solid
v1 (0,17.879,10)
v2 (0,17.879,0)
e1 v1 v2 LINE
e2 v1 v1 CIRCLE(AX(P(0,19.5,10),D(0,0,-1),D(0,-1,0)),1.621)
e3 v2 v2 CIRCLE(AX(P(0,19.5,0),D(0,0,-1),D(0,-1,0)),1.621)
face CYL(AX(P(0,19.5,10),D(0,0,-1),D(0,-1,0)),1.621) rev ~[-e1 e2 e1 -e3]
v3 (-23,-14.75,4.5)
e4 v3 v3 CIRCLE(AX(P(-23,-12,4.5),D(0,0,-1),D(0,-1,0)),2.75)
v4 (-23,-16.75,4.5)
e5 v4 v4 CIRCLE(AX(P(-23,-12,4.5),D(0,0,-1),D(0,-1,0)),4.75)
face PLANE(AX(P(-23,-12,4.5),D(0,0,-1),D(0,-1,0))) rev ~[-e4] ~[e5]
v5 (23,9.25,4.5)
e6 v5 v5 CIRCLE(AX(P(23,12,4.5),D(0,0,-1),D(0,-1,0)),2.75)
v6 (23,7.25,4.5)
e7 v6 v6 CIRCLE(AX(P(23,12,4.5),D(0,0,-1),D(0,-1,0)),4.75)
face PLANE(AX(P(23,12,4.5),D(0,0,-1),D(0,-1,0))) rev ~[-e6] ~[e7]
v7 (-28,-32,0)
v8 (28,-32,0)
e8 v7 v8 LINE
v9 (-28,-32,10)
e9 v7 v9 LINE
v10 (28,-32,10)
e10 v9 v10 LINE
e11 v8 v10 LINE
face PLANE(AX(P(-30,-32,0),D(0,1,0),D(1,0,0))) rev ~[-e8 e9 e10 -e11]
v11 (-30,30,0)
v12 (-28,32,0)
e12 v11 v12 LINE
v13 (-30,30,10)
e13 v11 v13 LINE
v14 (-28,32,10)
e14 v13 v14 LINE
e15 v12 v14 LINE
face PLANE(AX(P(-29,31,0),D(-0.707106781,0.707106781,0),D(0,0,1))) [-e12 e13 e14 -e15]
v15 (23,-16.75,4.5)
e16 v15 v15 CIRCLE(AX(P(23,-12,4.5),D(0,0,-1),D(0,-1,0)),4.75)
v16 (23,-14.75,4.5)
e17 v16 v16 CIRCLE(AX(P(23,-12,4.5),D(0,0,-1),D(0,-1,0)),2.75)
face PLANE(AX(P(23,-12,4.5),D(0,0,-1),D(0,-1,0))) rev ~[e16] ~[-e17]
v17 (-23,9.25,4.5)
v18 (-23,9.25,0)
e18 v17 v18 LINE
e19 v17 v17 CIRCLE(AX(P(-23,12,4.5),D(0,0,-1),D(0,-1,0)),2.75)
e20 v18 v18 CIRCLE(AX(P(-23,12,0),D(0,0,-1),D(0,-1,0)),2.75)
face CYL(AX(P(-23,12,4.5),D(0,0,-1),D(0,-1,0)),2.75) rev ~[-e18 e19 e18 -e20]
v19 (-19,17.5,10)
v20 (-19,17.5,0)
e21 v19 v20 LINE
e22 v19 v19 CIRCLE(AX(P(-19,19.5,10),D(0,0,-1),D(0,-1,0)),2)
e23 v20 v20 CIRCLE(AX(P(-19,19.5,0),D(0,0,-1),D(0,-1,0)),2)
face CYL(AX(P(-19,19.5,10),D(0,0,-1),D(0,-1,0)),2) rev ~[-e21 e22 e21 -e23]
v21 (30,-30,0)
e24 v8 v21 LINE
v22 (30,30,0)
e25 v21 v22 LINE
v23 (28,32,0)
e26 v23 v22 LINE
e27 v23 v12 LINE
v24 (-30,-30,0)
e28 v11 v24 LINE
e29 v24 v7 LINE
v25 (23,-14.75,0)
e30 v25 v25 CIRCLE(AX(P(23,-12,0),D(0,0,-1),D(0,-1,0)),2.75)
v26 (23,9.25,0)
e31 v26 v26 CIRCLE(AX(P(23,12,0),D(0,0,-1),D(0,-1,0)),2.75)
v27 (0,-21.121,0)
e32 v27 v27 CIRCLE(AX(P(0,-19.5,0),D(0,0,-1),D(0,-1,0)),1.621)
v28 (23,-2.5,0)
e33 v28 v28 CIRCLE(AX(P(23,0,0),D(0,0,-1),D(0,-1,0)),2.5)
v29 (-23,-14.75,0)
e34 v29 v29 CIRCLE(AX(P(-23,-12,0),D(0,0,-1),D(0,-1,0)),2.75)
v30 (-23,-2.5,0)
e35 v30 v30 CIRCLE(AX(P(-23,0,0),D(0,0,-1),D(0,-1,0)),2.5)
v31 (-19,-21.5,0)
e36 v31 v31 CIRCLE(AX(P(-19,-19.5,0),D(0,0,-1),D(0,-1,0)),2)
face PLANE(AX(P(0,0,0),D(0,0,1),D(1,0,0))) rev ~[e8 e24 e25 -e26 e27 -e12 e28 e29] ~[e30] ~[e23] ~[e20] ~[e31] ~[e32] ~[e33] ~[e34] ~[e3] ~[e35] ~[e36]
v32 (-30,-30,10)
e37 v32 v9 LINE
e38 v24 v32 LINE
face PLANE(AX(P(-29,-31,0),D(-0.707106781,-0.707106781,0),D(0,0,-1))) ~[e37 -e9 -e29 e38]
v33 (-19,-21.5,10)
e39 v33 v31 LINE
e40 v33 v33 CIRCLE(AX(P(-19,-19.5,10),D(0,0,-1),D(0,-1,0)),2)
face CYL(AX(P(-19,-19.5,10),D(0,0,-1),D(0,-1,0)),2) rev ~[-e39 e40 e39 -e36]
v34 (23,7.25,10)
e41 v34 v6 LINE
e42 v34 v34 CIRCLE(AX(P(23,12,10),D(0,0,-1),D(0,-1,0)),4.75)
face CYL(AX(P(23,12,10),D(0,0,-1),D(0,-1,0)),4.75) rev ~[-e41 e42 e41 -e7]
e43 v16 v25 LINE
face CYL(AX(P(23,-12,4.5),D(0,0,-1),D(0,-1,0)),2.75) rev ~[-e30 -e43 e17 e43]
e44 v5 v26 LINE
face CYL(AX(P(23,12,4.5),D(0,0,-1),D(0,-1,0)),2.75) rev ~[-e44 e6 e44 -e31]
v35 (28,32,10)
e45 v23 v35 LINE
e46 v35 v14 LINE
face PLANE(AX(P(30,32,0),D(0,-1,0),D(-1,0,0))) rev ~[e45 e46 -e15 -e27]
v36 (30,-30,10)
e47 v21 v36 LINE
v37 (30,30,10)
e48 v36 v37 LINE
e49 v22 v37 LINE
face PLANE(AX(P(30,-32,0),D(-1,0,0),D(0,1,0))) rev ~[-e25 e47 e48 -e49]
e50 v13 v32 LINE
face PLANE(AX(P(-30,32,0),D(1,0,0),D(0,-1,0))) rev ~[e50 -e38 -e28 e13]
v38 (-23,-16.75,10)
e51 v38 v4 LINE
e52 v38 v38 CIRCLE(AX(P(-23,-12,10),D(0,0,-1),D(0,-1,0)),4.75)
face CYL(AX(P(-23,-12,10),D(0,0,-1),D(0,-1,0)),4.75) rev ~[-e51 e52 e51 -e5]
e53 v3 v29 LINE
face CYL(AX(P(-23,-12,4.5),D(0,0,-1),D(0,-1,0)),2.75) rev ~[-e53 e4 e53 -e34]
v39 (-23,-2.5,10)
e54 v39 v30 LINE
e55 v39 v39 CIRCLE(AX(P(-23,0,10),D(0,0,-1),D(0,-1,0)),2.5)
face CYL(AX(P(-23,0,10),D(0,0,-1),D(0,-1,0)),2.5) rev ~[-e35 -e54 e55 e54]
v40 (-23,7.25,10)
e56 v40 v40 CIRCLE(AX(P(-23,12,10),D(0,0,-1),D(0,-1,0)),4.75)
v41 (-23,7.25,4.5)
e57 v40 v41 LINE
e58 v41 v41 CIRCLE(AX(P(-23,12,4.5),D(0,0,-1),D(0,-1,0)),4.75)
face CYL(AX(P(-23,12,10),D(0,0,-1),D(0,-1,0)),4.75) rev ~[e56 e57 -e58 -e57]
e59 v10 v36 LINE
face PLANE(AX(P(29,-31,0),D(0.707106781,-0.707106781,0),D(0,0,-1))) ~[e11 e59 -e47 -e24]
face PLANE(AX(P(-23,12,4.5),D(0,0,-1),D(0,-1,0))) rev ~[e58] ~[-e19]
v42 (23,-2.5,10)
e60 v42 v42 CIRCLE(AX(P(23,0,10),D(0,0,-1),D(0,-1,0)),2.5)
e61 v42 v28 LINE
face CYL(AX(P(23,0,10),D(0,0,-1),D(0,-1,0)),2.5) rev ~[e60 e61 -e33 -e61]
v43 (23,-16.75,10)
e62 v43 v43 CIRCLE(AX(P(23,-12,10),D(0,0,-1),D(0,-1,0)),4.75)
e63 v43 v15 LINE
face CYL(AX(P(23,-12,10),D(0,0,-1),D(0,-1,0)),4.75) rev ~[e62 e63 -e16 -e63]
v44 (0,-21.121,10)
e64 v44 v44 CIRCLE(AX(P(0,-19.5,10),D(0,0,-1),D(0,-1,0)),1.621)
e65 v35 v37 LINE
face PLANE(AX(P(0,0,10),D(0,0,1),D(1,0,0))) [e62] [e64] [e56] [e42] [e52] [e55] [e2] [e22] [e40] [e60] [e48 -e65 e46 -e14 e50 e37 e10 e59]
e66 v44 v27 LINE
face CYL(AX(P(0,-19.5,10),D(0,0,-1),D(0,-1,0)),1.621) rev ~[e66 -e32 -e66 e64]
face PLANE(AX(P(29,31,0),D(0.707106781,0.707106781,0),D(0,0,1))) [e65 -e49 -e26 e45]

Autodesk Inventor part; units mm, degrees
ref_plane "YZ Plane" through (0, 0, 0) normal (1, 0, 0) x (0, 1, 0)
ref_plane "XZ Plane" through (0, 0, 0) normal (0, 1, 0) x (-1, 0, 0)
ref_plane "XY Plane" through (0, 0, 0) normal (0, 0, 1) x (1, 0, 0)
sketch "スケッチ1" plane through (0, 0, 0) normal (0, 0, 1) x (1, 0, 0)
  line L0 (-30, -32) -> (30, -32)
  line L1 (30, -32) -> (30, 32)
  line L2 (30, 32) -> (-30, 32)
  line L3 (-30, 32) -> (-30, -32)
  point P0 (0, 0)
  point P1 (0, -32)
  point P2 (-30, 0)
  dimension "d0" = 60
  dimension "d1" = 64
extrude "押し出し1" add sketch "スケッチ1" along normal blind 10
sketch "スケッチ2" plane through (0, 0, 10) normal (0, 0, 1) x (1, 0, 0)
  point P0 (0, 0)
  point P1 (-23, -12)
  dimension "d4" = 23
  dimension "d5" = 12
hole "穴1" at (-23, -12, 10) direction (0, 0, -1) diameter 5.5 end through all counterbore diameter 9.5 counterbore depth 5.5
pattern_linear "矩形状パターン1" count 2 spacing 24 along (0, 1, 0) count 2 spacing 46 along (1, 0, 0) of "穴1"
sketch "スケッチ3" plane through (0, 0, 10) normal (0, 0, 1) x (1, 0, 0)
  circle A0 centre (23, -12) radius 4.75 projected
  circle A1 centre (-23, -12) radius 4.75 projected
  point P0 (0, 0)
  point P1 (-23, 0)
  point P2 (23, 0)
hole "穴2" at (-23, 0, 10) at (23, 0, 10) direction (0, 0, -1) diameter 5 end through all
sketch "スケッチ4" plane through (0, 0, 10) normal (0, 0, 1) x (1, 0, 0)
  point P0 (0, 0)
  point P1 (0, 19.5)
  point P2 (0, -19.5)
  dimension "d26" = 19.5
  dimension "d27" = 19.5
hole "穴3" at (0, 19.5, 10) at (0, -19.5, 10) direction (0, 0, -1) diameter 3.242 end through all thread size "M4x0.7" class "6H" standard "ANSI Metric M Profile"
sketch "スケッチ5" plane through (0, 0, 10) normal (0, 0, 1) x (1, 0, 0)
  circle A0 centre (0, -19.5) radius 1.621 projected
  circle A1 centre (0, 19.5) radius 1.621 projected
  point P0 (0, 0)
  point P1 (-19, 19.5)
  point P2 (-19, -19.5)
  dimension "d35" = 19
hole "穴4" at (-19, 19.5, 10) at (-19, -19.5, 10) direction (0, 0, -1) diameter 4 end through all
chamfer "面取り1" distance 2 angle 45 4 edges at (30, 32, 5) (30, -32, 5) (-30, -32, 5) (-30, 32, 5)
equation "\"d27\" = d26"
properties part number "03" material "A5052"
